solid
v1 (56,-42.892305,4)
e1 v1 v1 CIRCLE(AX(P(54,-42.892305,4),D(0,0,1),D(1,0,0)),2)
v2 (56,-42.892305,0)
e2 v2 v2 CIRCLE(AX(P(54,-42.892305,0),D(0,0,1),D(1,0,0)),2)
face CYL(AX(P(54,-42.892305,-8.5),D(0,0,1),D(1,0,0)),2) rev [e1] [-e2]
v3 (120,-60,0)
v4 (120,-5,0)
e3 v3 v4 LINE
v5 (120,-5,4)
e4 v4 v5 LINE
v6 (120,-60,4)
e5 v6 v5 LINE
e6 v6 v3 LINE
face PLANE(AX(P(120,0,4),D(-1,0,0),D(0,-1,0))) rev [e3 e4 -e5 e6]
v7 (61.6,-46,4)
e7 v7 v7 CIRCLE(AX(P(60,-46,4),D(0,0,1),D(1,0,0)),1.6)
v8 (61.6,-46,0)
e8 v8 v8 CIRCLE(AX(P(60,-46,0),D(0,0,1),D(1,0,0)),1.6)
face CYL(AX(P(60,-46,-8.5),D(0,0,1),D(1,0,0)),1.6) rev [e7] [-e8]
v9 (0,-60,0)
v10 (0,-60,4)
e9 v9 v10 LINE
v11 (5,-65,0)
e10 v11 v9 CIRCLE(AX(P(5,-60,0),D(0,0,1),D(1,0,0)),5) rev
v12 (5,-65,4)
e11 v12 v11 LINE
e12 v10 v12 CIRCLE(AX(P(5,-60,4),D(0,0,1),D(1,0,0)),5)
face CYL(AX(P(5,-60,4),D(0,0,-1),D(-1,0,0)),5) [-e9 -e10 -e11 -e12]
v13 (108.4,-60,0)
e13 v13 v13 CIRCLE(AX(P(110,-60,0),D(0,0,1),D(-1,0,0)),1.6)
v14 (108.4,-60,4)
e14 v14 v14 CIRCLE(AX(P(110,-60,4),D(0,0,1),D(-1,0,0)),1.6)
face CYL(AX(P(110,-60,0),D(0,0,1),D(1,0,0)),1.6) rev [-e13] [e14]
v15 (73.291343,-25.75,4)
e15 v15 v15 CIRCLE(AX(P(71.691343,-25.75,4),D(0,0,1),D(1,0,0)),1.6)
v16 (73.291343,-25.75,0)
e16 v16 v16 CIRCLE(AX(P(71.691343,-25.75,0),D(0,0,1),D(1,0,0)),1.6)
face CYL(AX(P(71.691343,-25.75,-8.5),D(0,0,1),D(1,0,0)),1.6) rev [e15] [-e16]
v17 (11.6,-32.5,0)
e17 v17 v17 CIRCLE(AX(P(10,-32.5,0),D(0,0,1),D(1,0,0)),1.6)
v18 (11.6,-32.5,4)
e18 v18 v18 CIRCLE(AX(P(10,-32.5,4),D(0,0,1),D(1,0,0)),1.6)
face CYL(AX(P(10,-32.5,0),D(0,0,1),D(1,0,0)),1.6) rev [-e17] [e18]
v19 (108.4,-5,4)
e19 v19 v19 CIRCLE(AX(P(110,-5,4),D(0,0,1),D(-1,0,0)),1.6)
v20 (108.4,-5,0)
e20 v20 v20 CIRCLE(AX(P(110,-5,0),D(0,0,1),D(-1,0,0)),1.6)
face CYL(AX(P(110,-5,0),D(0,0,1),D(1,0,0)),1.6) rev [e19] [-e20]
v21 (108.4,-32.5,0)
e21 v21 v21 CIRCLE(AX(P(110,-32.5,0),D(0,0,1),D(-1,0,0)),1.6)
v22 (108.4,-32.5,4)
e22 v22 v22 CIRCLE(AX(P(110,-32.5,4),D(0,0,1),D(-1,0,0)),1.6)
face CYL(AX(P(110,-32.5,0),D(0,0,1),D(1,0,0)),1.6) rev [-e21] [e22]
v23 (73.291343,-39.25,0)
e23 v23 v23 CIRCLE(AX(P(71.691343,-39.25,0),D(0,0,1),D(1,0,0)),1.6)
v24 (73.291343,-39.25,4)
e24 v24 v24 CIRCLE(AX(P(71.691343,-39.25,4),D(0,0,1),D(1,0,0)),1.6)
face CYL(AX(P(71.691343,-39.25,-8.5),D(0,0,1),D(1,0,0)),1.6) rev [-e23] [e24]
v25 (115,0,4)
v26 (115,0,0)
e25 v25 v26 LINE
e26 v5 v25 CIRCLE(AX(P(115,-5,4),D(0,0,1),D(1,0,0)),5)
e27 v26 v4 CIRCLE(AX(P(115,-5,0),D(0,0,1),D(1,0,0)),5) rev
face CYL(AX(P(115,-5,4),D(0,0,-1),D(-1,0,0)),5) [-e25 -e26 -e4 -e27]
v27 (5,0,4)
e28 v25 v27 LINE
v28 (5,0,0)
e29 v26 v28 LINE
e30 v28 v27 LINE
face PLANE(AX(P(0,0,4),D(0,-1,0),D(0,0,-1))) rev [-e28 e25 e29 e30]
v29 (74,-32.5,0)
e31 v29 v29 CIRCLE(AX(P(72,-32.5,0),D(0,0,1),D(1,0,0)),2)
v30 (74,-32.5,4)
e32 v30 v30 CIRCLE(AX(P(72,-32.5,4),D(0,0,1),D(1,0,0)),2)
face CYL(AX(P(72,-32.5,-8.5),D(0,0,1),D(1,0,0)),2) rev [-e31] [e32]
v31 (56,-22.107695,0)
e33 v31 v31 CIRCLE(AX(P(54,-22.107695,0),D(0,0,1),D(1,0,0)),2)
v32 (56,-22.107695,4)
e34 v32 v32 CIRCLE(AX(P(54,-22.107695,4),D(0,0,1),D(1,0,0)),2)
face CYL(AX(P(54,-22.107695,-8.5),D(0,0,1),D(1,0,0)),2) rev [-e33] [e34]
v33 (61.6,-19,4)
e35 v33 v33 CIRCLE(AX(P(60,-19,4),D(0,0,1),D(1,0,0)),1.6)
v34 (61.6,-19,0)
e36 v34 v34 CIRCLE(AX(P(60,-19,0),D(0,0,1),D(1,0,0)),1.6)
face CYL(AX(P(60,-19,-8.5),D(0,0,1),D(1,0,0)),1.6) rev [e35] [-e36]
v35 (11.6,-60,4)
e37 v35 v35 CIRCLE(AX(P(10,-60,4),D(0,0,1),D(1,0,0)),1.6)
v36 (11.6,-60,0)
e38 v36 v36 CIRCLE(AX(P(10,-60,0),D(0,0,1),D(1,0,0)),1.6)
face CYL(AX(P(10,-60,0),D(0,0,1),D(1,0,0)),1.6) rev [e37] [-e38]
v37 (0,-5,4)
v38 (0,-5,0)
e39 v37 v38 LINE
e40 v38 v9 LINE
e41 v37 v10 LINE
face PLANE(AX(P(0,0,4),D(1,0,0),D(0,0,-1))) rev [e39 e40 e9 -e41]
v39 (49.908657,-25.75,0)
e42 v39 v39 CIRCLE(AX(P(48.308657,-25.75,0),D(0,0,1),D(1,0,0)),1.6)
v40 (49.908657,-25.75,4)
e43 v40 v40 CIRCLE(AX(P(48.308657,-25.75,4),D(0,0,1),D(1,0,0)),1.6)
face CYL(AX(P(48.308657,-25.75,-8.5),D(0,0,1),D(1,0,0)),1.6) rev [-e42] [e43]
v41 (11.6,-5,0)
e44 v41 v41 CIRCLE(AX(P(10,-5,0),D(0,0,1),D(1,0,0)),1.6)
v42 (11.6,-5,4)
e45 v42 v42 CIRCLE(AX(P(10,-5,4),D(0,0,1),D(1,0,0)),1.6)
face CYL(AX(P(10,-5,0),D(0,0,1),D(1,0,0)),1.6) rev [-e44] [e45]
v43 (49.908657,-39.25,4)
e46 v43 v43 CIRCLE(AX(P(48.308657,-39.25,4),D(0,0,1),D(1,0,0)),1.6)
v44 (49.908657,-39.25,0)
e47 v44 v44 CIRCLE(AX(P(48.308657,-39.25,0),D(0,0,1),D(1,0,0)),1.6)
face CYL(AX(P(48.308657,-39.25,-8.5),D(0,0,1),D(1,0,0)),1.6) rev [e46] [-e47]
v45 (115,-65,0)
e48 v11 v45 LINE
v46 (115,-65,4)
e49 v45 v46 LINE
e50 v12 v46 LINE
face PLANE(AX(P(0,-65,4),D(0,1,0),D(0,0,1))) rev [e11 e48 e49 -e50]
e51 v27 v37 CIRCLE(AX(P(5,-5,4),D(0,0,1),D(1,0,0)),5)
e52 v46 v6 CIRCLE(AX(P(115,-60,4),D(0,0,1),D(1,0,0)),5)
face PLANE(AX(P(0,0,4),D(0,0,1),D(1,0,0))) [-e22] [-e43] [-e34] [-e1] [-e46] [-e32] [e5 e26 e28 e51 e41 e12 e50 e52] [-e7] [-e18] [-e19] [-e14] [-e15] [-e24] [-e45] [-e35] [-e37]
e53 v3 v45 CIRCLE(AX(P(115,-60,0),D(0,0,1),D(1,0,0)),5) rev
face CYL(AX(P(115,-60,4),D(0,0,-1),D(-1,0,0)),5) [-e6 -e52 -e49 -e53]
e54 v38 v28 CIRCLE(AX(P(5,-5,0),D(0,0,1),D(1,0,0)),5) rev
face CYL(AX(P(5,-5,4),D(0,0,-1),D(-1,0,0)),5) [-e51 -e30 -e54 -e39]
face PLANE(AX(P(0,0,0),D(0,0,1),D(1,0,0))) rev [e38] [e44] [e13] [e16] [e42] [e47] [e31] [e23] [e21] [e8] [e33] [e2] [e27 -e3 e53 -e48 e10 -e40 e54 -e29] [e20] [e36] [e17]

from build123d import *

# Parameters (mm, degrees)
SKETCH_1_W          = 120
SKETCH_1_H          = 65
EXTRUDE_1_DEPTH     = 4
SKETCH_2_R          = 1.6
CUT_EXTRUDE_1_DEPTH = 137.53204752
FILLET_1_R          = 5
SKETCH_4_R          = 2
SKETCH_4_R_2        = 1.6
CUT_EXTRUDE_3_DEPTH = 12.5


with BuildPart() as part:
    # 草图1 → 凸台-拉伸1 (new body)
    with BuildSketch(Plane.XY):
        with Locations((60, -32.5)):
            Rectangle(SKETCH_1_W, SKETCH_1_H)
    extrude(amount=EXTRUDE_1_DEPTH)

    # 草图2 → 切除-拉伸1 (cut, through all)
    with BuildSketch(Plane.XY.offset(4)):
        with Locations((10, -5)):
            Circle(SKETCH_2_R)
        with Locations((10, -32.5)):
            Circle(SKETCH_2_R)
        with Locations((10, -60)):
            Circle(SKETCH_2_R)
        with Locations(Location((110, -60, 0), (0, 0, 180))):
            Circle(SKETCH_2_R)
        with Locations(Location((110, -32.5, 0), (0, 0, 180))):
            Circle(SKETCH_2_R)
        with Locations(Location((110, -5, 0), (0, 0, 180))):
            Circle(SKETCH_2_R)
    extrude(amount=-CUT_EXTRUDE_1_DEPTH, mode=Mode.SUBTRACT)

    # 圆角1
    fillet_1_edges = [part.edges().sort_by_distance(p)[0] for p in [
        (0, 0, 2),
        (120, 0, 2),
        (120, -65, 2),
        (0, -65, 2),
    ]]
    fillet(fillet_1_edges, radius=FILLET_1_R)

    # 草图4 → 切除-拉伸3 (cut)
    with BuildSketch(Plane.XY.offset(4)):
        with Locations((72, -32.5)):
            Circle(SKETCH_4_R)
        with Locations((60, -19)):
            Circle(SKETCH_4_R_2)
        with Locations((71.691342951, -25.75)):
            Circle(SKETCH_4_R_2)
        with Locations((71.691342951, -39.25)):
            Circle(SKETCH_4_R_2)
        with Locations((60, -46)):
            Circle(SKETCH_4_R_2)
        with Locations((48.308657049, -39.25)):
            Circle(SKETCH_4_R_2)
        with Locations((48.308657049, -25.75)):
            Circle(SKETCH_4_R_2)
        with Locations((54, -42.892304845)):
            Circle(SKETCH_4_R)
        with Locations((54, -22.107695155)):
            Circle(SKETCH_4_R)
    extrude(amount=-CUT_EXTRUDE_3_DEPTH, mode=Mode.SUBTRACT)


solid = part.part
